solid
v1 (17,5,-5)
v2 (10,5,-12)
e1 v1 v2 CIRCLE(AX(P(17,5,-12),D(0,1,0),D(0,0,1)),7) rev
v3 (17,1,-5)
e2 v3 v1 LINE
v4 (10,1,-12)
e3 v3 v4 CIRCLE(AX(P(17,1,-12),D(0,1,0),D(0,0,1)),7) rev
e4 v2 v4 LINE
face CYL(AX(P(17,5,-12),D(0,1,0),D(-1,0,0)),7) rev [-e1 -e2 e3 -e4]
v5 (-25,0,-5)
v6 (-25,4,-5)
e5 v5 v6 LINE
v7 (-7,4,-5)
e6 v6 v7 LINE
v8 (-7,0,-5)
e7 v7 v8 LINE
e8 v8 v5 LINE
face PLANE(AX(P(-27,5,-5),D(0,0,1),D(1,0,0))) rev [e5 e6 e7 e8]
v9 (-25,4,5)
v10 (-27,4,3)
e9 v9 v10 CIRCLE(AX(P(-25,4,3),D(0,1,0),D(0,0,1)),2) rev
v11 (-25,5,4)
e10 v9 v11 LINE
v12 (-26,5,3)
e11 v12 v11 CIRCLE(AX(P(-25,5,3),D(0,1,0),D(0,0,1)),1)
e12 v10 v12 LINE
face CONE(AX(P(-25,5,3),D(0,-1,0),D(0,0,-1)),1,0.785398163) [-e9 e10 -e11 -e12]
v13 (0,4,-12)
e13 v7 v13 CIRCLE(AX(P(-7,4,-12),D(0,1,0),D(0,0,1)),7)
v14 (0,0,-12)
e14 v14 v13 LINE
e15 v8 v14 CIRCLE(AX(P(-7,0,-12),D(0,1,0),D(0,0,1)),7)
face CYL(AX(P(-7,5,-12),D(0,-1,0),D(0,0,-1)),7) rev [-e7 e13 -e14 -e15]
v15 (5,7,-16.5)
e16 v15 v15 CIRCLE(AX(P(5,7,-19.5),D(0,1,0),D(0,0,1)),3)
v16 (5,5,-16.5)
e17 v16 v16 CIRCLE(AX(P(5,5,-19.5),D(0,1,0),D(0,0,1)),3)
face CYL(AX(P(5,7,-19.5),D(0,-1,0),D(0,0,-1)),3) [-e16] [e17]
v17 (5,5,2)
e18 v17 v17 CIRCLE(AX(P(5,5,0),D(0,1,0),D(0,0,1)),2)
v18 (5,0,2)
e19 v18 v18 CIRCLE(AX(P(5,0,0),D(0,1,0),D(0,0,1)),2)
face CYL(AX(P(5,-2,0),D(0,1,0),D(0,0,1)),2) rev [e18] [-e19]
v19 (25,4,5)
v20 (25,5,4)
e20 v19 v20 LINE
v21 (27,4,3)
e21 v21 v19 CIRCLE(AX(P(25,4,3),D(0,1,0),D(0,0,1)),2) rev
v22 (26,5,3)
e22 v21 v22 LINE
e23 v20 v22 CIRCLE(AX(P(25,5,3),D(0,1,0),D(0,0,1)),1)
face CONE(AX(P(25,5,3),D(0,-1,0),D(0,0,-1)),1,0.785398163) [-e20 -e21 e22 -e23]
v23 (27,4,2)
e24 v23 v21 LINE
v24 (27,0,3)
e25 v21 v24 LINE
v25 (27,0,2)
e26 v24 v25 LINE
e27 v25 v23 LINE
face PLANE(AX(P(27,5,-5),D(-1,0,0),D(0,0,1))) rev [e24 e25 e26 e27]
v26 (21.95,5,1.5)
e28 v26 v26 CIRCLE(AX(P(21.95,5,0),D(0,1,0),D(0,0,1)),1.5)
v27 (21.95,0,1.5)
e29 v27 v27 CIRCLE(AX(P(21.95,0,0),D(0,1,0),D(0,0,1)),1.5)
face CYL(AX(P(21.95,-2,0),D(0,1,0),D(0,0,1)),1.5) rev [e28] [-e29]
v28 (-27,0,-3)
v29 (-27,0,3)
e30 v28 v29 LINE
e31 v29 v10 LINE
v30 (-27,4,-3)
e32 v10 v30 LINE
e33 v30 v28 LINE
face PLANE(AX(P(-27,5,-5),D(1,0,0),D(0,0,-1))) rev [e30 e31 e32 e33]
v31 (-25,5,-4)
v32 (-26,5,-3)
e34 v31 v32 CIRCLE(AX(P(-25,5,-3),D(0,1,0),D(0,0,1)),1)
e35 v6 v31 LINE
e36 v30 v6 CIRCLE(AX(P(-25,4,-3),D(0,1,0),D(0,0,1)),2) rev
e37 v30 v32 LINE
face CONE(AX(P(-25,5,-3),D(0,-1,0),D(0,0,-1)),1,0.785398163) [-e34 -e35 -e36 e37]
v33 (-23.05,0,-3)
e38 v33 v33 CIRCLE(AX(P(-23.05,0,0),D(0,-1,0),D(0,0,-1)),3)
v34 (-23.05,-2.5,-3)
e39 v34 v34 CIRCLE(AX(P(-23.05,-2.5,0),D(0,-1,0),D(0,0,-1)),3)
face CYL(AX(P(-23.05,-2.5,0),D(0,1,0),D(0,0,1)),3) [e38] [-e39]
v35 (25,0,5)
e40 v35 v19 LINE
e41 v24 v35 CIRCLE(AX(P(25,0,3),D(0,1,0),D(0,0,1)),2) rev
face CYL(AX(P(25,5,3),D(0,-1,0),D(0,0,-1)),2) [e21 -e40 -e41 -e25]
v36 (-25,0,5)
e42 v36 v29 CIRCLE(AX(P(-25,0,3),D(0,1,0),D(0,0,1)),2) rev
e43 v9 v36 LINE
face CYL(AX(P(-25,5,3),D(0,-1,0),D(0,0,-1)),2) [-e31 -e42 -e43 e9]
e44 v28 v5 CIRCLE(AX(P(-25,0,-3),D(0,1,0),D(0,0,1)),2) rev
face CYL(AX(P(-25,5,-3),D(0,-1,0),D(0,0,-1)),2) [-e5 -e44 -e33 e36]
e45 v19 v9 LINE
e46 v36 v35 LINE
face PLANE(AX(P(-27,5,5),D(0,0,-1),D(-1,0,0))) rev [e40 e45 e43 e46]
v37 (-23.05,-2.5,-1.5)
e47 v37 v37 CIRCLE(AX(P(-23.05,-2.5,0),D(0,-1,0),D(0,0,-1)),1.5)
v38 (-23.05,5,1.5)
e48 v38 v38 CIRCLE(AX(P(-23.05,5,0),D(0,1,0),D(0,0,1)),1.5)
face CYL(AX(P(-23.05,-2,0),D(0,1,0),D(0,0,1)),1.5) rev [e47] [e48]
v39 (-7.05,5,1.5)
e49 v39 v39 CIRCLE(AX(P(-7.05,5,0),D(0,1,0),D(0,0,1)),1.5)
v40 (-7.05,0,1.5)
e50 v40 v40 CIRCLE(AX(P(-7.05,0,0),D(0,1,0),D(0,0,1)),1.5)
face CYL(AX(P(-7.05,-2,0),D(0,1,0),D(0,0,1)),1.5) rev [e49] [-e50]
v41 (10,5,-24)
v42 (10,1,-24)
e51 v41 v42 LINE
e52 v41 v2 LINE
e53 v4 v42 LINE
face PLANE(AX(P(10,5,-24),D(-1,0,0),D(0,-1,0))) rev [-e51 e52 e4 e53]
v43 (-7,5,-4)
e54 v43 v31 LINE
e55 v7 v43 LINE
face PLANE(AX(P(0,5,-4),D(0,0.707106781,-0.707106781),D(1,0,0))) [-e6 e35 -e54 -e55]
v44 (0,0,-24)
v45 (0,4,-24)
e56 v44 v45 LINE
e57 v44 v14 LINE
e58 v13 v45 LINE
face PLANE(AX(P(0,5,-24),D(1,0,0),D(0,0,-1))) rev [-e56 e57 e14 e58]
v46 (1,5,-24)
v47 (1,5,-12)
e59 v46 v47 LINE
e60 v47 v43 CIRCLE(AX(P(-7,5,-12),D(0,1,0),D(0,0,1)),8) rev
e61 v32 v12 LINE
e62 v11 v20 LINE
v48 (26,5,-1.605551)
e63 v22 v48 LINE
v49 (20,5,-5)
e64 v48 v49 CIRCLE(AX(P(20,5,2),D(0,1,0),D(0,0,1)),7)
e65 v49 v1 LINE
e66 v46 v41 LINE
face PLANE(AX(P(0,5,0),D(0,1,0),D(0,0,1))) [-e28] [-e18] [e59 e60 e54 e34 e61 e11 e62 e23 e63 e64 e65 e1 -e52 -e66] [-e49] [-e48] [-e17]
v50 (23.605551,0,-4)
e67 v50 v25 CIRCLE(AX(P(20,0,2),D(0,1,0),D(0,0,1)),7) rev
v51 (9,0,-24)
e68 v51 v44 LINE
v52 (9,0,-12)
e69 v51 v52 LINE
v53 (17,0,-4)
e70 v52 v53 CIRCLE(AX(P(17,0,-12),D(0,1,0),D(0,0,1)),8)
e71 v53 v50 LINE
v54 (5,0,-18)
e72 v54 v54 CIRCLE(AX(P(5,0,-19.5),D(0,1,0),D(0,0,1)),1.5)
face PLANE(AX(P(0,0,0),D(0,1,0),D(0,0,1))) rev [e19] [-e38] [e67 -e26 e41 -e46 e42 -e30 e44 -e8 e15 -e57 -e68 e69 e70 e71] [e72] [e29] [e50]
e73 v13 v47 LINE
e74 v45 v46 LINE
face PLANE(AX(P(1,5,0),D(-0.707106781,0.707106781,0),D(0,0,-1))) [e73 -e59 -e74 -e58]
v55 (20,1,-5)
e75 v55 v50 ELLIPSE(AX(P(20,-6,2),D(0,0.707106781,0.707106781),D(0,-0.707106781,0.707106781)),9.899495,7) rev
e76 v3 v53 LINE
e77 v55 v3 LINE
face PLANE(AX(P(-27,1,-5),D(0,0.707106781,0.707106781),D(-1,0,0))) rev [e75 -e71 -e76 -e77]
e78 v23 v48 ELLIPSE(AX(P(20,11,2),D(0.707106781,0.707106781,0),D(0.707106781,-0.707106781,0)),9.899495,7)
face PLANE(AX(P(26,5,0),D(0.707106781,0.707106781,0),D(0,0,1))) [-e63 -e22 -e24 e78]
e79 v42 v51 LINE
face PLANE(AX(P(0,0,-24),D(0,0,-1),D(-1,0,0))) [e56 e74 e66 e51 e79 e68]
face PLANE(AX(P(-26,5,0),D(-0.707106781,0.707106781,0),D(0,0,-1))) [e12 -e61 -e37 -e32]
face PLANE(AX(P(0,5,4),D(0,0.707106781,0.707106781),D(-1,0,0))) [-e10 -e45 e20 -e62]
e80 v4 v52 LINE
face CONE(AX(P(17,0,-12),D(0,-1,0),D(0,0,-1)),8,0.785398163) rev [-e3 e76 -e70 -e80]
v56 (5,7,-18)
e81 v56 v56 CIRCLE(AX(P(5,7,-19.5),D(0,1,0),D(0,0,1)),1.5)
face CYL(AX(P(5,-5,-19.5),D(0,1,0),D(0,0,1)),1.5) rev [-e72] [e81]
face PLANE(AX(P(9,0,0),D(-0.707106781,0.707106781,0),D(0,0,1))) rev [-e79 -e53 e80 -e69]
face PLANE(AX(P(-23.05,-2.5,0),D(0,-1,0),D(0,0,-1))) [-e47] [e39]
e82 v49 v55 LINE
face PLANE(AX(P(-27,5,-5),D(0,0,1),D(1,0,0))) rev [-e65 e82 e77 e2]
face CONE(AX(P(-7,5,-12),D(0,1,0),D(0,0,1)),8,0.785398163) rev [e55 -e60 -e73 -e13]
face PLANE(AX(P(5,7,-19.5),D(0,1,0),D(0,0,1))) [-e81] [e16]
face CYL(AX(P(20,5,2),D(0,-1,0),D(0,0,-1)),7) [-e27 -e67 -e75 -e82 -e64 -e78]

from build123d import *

# Parameters (mm, degrees)
SKETCH1_W           = 54
SKETCH1_H           = 10
BOSS_EXTRUDE1_DEPTH = 5
SKETCH3_R           = 1.5
SKETCH3_R_2         = 2
CUT_EXTRUDE1_DEPTH  = 7
FILLET1_R           = 2
SKETCH4_R           = 3
SKETCH4_R_2         = 1.5
BOSS_EXTRUDE2_DEPTH = 2.5
SKETCH5_W           = 10
SKETCH5_H           = 5
BOSS_EXTRUDE3_DEPTH = 19
SKETCH6_R           = 1.5
CUT_EXTRUDE2_DEPTH  = 10
BOSS_EXTRUDE4_START = 2
SKETCH7_R           = 3
SKETCH7_R_2         = 1.5
BOSS_EXTRUDE4_DEPTH = 2
FILLET2_R           = 7
CHAMFER1_SIZE       = 1
FILLET3_R           = 7


with BuildPart() as part:
    # Sketch1 → Boss-Extrude1 (new body)
    with BuildSketch(Plane(origin=(0, 0, 0), x_dir=(1, 0, 0), z_dir=(0, 1, 0))):
        Rectangle(SKETCH1_W, SKETCH1_H)
    extrude(amount=BOSS_EXTRUDE1_DEPTH)

    # Sketch3 → Cut-Extrude1 (cut)
    with BuildSketch(Plane(origin=(0, 5, 0), x_dir=(1, 0, 0), z_dir=(0, 1, 0))):
        with Locations(Location((-23.05, 0, 0), (0, 0, 270))):
            Circle(SKETCH3_R)
        with Locations(Location((5, 0, 0), (0, 0, 270))):
            Circle(SKETCH3_R_2)
        with Locations(Location((-7.05, 0, 0), (0, 0, 270))):
            Circle(SKETCH3_R)
        with Locations(Location((21.95, 0, 0), (0, 0, 270))):
            Circle(SKETCH3_R)
    extrude(amount=-CUT_EXTRUDE1_DEPTH, mode=Mode.SUBTRACT)

    # Fillet1
    fillet1_edges = [part.edges().sort_by_distance(p)[0] for p in [
        (27, 2.5, 5),
        (-27, 2.5, 5),
        (-27, 2.5, -5),
    ]]
    fillet(fillet1_edges, radius=FILLET1_R)

    # Sketch4 → Boss-Extrude2 (add)
    with BuildSketch(Plane.XZ):
        with Locations(Location((-23.05, 0, 0), (0, 0, 270))):
            Circle(SKETCH4_R)
        with Locations(Location((-23.05, 0, 0), (0, 0, 90))):
            Circle(SKETCH4_R_2, mode=Mode.SUBTRACT)
    extrude(amount=BOSS_EXTRUDE2_DEPTH)

    # Sketch5 → Boss-Extrude3 (add)
    with BuildSketch(Plane(origin=(0, 0, -5), x_dir=(-1, 0, 0), z_dir=(0, 0, -1))):
        with Locations((-5, 2.5)):
            Rectangle(SKETCH5_W, SKETCH5_H)
    extrude(amount=BOSS_EXTRUDE3_DEPTH)

    # Sketch6 → Cut-Extrude2 (cut)
    with BuildSketch(Plane(origin=(0, 5, 0), x_dir=(1, 0, 0), z_dir=(0, 1, 0))):
        with Locations(Location((5, 19.5, 0), (0, 0, 270))):
            Circle(SKETCH6_R)
    extrude(amount=-CUT_EXTRUDE2_DEPTH, mode=Mode.SUBTRACT)

    # Sketch7 → Boss-Extrude4 (add)
    with BuildSketch(Plane(origin=(0, 5, 0), x_dir=(1, 0, 0), z_dir=(0, 1, 0)).offset(BOSS_EXTRUDE4_START)):
        with Locations(Location((5, 19.5, 0), (0, 0, 270))):
            Circle(SKETCH7_R)
        with Locations(Location((5, 19.5, 0), (0, 0, 270))):
            Circle(SKETCH7_R_2, mode=Mode.SUBTRACT)
    extrude(amount=-BOSS_EXTRUDE4_DEPTH)

    # Fillet2
    fillet2_edges = [part.edges().sort_by_distance(p)[0] for p in [
        (10, 2.5, -5),
        (0, 2.5, -5),
    ]]
    fillet(fillet2_edges, radius=FILLET2_R)

    # Chamfer1
    chamfer1_edges = [part.edges().sort_by_distance(p)[0] for p in [
        (10, 0, -18),
        (12.050252532, 0, -7.050252532),
        (22, 0, -5),
        (0, 5, -18),
        (-2.050252532, 5, -7.050252532),
        (-16, 5, -5),
        (-26.414213562, 5, -4.414213562),
        (-27, 5, 0),
        (-26.414213562, 5, 4.414213562),
        (0, 5, 5),
        (26.414213562, 5, 4.414213562),
        (27, 5, -1),
    ]]
    chamfer(chamfer1_edges, length=CHAMFER1_SIZE)

    # Fillet3
    fillet3_edges = [part.edges().sort_by_distance(p)[0] for p in [
        (27, 2.5, -5),
    ]]
    fillet(fillet3_edges, radius=FILLET3_R)


solid = part.part
